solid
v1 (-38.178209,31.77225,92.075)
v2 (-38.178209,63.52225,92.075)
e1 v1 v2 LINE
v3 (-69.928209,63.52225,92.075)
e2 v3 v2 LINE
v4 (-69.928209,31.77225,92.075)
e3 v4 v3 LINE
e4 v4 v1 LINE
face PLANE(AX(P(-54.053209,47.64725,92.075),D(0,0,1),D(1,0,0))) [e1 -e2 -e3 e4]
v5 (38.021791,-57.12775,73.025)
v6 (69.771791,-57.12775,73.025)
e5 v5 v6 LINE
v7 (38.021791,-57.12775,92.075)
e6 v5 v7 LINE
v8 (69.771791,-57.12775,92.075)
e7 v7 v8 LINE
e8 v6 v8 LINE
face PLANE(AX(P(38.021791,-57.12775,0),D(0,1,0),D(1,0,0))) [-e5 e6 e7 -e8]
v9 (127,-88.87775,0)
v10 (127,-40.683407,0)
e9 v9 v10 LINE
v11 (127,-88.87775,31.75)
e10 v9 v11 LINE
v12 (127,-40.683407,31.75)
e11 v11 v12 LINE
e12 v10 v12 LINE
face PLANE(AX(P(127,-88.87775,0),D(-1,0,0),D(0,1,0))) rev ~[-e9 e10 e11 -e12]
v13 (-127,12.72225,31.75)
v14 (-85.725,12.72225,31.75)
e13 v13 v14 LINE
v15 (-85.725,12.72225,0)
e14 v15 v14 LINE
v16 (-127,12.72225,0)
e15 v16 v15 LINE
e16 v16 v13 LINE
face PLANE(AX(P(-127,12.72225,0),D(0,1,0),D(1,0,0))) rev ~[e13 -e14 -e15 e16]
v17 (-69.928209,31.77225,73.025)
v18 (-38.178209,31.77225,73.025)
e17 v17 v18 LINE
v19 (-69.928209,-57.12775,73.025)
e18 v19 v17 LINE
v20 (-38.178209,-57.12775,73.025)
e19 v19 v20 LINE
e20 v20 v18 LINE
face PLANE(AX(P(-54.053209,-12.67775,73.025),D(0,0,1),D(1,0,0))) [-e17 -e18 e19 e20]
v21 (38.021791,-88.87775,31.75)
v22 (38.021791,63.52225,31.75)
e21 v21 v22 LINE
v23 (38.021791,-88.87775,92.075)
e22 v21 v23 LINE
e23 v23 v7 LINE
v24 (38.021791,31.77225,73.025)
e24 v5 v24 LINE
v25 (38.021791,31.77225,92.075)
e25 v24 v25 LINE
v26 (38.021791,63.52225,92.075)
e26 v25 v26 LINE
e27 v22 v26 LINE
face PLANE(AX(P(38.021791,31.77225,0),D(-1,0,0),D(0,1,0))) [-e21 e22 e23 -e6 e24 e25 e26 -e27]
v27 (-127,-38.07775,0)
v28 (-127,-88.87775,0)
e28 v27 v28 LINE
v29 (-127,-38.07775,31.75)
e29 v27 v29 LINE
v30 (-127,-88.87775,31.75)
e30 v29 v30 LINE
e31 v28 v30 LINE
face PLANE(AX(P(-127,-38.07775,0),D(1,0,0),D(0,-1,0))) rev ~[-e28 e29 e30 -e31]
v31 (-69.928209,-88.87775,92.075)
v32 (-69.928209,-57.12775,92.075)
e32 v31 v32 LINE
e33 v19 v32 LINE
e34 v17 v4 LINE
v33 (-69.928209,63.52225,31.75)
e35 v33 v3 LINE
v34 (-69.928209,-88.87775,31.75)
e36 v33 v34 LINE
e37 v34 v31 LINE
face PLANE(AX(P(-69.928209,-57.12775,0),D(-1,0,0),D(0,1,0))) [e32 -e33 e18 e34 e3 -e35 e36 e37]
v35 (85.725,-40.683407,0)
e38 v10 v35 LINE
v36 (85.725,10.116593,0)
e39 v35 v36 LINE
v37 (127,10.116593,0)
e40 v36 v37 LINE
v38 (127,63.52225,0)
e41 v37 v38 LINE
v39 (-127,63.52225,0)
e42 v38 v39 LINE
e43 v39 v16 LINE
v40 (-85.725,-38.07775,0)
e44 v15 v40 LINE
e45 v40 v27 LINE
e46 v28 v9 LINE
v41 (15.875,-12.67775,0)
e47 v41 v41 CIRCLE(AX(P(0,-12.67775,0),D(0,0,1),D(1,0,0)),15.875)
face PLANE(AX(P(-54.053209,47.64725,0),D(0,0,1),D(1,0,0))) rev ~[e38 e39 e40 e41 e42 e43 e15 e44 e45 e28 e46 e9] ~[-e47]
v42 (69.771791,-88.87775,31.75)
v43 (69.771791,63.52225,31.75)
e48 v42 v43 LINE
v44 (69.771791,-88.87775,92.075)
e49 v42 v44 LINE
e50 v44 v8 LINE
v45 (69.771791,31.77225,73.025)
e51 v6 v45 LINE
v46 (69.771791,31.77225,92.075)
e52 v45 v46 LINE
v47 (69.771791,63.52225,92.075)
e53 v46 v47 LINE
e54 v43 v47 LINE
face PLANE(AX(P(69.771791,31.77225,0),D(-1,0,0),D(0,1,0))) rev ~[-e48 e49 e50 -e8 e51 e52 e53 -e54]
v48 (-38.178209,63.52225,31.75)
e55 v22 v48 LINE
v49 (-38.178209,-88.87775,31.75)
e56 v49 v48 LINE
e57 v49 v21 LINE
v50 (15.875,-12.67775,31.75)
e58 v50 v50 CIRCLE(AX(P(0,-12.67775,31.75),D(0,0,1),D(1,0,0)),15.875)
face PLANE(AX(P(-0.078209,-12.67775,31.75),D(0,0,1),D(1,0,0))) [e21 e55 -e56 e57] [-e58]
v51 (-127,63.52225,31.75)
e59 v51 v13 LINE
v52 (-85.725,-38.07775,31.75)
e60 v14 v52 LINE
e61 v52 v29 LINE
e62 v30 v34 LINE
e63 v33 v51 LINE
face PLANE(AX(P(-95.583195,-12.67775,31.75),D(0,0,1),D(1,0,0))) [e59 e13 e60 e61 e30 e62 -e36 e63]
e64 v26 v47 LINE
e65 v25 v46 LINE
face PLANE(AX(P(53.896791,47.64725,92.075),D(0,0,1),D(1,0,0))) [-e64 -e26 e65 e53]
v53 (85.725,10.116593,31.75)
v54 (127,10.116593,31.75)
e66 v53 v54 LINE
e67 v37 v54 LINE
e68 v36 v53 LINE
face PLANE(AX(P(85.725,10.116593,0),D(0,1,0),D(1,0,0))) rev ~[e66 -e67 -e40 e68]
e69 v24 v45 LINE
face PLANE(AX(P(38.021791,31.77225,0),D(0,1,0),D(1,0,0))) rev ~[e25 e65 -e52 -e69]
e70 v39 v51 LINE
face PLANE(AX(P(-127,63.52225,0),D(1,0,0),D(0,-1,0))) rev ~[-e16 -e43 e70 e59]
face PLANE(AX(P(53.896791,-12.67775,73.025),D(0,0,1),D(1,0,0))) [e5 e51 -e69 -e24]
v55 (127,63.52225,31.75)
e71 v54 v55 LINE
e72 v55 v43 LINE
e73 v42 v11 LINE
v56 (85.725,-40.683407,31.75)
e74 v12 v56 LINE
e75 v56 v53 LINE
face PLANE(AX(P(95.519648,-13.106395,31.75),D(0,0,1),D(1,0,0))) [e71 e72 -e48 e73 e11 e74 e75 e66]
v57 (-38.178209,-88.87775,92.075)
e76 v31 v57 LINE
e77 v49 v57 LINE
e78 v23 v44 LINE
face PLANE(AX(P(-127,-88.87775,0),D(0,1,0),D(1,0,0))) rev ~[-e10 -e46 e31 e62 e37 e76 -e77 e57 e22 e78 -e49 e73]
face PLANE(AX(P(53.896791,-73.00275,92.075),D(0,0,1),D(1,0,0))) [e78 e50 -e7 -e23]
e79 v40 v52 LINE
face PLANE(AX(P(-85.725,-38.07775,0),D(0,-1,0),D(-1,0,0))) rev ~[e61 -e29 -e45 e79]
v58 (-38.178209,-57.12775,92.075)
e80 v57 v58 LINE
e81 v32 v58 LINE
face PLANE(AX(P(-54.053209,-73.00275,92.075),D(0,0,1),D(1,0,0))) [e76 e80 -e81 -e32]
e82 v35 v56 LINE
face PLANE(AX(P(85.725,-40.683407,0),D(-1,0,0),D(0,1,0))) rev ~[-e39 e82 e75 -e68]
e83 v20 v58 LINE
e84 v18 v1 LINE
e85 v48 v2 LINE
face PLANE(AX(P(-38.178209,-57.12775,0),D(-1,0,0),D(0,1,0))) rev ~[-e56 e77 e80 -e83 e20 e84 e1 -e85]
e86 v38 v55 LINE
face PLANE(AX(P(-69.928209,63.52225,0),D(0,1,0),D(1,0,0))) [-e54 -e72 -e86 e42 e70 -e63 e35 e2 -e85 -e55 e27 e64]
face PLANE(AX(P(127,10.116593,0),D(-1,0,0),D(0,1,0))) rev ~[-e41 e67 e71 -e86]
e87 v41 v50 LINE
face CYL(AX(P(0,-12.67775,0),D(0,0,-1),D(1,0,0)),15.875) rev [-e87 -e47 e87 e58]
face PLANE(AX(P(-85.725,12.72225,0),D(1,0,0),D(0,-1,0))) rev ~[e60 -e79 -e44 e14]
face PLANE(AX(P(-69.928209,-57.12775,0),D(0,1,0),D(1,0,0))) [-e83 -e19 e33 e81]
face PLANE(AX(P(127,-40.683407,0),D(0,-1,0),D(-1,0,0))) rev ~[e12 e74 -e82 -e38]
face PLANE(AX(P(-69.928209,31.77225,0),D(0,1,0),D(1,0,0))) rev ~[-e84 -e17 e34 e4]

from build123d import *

# Parameters (mm, degrees)
F0_R     = 15.875
F1_DEPTH = 31.75
F0_W     = 31.75
F0_H     = 31.75
F2_DEPTH = 92.075
F0_H_2   = 88.9
F3_DEPTH = 73.025


with BuildPart() as f1:
    # F0 (on Top) → F1 (new body)
    with BuildSketch(Plane.XY):
        Polygon((-69.928209, 63.52225), (-127, 63.52225), (-127, 12.72225), (-85.725, 12.72225), (-85.725, -38.07775), (-127, -38.07775), (-127, -88.87775), (-69.928209, -88.87775), (-69.928209, -57.12775), (-69.928209, 31.77225), align=None)
        Polygon((38.021791, 63.52225), (-38.178209, 63.52225), (-38.178209, 31.77225), (-38.178209, -57.12775), (-38.178209, -88.87775), (38.021791, -88.87775), (38.021791, -57.12775), (38.021791, 31.77225), align=None)
        with Locations((0, -12.67775)):
            Circle(F0_R, mode=Mode.SUBTRACT)
        Polygon((127, 63.52225), (69.771791, 63.52225), (69.771791, 31.77225), (69.771791, -57.12775), (69.771791, -88.87775), (127, -88.87775), (127, -40.683407), (85.725, -40.683407), (85.725, 10.116593), (127, 10.116593), align=None)
    extrude(amount=F1_DEPTH)

    # F0 (on Top) → F2 (join)
    with BuildSketch(Plane.XY):
        with Locations((-54.053209, 47.64725)):
            Rectangle(F0_W, F0_H)
        with Locations((-54.053209, -73.00275)):
            Rectangle(F0_W, F0_H)
        with Locations((53.896791, 47.64725)):
            Rectangle(F0_W, F0_H)
        with Locations((53.896791, -73.00275)):
            Rectangle(F0_W, F0_H)
    extrude(amount=F2_DEPTH)

    # F0 (on Top) → F3 (join)
    with BuildSketch(Plane.XY):
        with Locations((-54.053209, -12.67775)):
            Rectangle(F0_W, F0_H_2)
        with Locations((53.896791, -12.67775)):
            Rectangle(F0_W, F0_H_2)
    extrude(amount=F3_DEPTH)


solid = f1.part
